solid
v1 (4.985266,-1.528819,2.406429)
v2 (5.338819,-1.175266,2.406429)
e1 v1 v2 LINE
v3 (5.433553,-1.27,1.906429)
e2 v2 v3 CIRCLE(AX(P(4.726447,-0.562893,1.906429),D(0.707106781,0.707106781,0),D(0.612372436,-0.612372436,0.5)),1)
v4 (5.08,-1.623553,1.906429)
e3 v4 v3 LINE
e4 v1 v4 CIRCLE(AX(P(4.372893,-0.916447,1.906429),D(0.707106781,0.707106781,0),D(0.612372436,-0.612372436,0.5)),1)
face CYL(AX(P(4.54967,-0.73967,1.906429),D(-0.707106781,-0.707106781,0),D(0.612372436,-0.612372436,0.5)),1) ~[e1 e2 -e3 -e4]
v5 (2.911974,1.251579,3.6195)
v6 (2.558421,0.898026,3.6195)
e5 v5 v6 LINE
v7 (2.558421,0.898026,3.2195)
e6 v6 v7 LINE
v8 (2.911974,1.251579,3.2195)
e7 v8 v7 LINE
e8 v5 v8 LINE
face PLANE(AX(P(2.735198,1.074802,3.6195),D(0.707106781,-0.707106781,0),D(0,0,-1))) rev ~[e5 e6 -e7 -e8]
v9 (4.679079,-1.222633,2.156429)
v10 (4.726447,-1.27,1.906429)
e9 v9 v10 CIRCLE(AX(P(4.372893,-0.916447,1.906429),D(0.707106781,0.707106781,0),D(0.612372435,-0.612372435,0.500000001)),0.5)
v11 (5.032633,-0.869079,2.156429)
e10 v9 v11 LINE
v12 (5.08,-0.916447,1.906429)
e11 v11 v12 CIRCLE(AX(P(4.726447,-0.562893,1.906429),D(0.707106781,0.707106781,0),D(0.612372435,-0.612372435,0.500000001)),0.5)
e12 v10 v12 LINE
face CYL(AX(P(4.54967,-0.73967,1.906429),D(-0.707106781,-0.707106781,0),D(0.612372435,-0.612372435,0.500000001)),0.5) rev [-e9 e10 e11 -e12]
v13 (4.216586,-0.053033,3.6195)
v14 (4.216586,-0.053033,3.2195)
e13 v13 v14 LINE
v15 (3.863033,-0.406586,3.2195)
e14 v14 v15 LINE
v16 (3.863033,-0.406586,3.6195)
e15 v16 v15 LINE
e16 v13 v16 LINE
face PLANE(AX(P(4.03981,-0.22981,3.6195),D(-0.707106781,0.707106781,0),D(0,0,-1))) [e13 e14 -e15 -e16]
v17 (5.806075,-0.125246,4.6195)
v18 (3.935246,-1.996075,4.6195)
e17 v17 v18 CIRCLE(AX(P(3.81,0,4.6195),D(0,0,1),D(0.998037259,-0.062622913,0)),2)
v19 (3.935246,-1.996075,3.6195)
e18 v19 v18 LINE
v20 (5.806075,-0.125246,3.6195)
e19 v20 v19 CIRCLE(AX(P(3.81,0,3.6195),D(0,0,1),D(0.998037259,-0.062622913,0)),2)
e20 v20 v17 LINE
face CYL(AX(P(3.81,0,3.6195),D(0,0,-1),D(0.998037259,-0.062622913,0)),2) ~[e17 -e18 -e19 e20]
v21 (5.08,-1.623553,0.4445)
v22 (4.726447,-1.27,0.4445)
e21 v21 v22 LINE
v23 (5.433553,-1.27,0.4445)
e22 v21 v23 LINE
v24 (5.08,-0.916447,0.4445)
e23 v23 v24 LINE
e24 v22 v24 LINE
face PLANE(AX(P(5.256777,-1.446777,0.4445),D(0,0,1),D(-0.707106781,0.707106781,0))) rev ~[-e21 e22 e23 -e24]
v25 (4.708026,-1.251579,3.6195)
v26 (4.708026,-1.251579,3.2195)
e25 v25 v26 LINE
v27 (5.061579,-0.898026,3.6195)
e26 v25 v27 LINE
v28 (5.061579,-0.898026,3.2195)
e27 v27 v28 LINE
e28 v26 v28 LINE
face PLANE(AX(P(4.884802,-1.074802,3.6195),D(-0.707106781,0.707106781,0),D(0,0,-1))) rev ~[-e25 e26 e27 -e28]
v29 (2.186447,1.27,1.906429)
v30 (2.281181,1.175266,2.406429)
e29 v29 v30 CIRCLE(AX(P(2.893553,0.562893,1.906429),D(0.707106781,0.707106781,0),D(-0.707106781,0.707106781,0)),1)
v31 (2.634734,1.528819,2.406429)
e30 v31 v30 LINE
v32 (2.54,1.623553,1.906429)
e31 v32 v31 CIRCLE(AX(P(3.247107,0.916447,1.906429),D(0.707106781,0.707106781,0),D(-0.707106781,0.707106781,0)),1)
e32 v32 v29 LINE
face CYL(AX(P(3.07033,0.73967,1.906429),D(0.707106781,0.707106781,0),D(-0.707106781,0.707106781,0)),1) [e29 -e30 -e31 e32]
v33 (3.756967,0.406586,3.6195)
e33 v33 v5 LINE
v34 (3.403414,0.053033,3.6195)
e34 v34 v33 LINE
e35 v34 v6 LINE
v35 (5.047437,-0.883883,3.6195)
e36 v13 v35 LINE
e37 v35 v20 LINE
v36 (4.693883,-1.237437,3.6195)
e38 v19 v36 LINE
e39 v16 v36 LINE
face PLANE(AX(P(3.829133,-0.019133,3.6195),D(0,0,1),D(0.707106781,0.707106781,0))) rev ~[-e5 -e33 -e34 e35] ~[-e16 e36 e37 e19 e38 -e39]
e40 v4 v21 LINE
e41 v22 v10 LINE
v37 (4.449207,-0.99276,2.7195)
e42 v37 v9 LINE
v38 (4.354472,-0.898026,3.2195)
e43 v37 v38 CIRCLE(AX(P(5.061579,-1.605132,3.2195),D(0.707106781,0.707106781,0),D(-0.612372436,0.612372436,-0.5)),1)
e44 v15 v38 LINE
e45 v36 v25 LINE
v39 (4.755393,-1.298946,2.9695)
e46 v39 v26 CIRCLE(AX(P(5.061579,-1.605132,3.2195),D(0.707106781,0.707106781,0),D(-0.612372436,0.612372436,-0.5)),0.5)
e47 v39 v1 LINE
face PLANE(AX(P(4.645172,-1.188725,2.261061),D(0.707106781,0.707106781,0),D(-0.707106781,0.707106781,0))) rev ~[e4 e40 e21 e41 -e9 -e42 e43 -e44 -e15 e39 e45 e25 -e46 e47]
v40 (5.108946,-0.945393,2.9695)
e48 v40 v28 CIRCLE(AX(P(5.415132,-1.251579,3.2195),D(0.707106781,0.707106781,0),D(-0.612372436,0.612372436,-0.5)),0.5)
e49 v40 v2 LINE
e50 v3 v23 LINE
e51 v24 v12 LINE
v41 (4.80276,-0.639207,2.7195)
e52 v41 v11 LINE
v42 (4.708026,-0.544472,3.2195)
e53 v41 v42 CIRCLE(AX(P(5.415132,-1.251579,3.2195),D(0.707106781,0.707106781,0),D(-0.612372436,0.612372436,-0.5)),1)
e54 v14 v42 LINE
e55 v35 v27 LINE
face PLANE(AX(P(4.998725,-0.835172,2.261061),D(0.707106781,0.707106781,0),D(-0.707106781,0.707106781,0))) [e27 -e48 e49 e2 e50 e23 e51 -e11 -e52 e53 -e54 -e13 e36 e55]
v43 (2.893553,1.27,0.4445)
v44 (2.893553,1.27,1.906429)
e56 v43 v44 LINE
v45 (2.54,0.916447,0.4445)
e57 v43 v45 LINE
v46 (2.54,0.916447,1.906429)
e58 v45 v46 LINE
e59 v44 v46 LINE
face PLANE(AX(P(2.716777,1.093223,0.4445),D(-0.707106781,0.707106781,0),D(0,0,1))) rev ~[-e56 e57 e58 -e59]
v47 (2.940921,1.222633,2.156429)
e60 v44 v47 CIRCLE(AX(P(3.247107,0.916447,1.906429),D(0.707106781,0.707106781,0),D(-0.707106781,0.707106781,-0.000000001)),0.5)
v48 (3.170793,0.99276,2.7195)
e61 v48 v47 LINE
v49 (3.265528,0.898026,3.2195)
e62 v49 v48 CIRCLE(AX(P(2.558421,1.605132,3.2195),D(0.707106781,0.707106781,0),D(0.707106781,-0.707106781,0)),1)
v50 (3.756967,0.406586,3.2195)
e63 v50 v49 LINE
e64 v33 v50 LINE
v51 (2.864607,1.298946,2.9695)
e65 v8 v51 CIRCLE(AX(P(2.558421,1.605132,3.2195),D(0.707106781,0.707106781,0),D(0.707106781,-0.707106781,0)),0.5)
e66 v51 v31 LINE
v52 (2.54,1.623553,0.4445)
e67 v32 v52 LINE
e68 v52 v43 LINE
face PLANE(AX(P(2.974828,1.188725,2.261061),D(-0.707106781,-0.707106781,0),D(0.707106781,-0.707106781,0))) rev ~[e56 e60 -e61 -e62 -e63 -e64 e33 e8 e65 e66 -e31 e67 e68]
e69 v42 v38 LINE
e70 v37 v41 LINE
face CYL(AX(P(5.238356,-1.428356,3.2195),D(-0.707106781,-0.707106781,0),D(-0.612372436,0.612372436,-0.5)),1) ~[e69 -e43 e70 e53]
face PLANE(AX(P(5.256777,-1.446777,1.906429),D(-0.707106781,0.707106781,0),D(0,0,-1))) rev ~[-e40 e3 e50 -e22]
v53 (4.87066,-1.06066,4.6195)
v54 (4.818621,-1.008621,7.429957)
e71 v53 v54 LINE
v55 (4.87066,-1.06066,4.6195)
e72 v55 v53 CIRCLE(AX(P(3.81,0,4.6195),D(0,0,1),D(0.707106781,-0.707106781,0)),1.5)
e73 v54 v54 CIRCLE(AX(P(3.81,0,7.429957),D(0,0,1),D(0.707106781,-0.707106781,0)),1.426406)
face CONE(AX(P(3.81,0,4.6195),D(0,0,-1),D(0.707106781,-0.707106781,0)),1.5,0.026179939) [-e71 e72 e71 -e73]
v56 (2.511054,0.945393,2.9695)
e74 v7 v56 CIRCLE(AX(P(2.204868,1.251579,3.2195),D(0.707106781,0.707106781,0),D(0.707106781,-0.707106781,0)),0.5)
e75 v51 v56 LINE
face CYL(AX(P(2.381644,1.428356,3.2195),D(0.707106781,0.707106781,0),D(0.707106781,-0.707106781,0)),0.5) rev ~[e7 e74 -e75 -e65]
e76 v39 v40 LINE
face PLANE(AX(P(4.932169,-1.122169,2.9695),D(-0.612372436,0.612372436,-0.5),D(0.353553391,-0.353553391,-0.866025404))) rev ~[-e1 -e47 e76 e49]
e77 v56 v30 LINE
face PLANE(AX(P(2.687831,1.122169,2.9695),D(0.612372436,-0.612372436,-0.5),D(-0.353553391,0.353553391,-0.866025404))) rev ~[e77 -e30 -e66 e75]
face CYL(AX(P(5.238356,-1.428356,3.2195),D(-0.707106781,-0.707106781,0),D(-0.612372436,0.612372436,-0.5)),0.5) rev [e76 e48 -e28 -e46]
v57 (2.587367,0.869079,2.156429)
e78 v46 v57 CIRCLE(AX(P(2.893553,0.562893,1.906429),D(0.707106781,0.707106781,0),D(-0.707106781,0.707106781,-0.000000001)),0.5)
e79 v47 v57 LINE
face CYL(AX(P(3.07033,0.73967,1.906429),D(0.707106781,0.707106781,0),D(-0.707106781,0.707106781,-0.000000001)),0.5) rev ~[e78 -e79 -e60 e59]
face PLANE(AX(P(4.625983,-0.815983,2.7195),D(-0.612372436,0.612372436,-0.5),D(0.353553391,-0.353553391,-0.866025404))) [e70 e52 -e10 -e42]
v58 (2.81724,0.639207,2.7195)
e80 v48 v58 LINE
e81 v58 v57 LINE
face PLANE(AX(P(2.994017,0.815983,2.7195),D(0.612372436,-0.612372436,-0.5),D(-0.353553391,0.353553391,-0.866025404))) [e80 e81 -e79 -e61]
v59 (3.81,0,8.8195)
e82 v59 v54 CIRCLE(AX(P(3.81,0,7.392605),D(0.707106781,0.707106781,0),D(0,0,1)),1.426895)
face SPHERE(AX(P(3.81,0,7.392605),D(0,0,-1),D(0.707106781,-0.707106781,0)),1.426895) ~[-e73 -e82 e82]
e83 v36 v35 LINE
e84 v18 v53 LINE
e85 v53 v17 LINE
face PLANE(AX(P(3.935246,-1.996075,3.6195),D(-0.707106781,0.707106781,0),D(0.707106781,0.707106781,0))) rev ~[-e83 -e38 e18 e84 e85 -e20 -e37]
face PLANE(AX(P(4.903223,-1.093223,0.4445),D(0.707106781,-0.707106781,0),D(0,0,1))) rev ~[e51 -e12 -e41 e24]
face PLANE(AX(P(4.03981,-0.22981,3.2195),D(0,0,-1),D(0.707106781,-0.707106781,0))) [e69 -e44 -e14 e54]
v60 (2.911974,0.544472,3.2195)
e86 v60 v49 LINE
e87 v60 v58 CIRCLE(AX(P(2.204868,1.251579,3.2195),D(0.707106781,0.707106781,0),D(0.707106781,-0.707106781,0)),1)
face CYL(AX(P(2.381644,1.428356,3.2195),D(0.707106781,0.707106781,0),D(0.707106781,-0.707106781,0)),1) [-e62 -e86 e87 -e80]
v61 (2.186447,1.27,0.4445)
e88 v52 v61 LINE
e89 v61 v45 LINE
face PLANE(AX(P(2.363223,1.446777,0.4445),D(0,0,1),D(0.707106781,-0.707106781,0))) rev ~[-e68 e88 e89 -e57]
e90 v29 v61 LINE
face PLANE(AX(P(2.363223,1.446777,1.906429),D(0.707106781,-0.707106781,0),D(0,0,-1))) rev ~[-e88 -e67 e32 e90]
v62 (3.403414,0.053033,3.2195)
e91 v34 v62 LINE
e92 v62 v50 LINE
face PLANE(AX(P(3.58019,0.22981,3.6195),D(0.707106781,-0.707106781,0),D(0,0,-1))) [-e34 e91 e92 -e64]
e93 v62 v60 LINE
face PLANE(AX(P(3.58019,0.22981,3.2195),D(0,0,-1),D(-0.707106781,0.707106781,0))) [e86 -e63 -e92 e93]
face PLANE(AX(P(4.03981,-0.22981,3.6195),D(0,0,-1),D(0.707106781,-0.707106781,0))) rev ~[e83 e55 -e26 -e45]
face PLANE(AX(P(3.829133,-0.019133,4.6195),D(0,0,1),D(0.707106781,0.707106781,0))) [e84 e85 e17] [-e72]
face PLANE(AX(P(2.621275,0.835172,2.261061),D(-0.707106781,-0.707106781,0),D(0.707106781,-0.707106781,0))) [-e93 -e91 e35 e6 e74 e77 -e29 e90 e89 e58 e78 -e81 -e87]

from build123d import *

# Parameters (mm, degrees)
PAD_DEPTH            = 1
PAD001_DEPTH         = 0.25
BODY_PLACEMENT_ANGLE = 45


with BuildPart() as part:
    # Sketch → Pad (new body)
    with BuildSketch(Plane.XY):
        with BuildLine():
            ThreePointArc((1.3228756555, -1.5), (0, 2), (-1.3228756555, -1.5))
            Line((-1.3228756555, -1.5), (1.3228756555, -1.5))
        make_face()
    extrude(amount=PAD_DEPTH)

    # Sketch001 → Revolution (revolve)
    with BuildSketch(Plane.YZ):
        with BuildLine():
            Line((0, 5.2), (0, 1))
            Line((0, 1), (-1.5, 1))
            Line((-1.5, 1), (-1.4264055883, 3.8104571954))
            ThreePointArc((0, 5.2), (-0.9956734038, 4.7951927894), (-1.4264055883, 3.8104571954))
        make_face()
    revolve(axis=Axis((0, 0, 0), (0, 0, 1)))

    # Sketch002 → Pad001 (join, symmetric)
    with BuildSketch(Plane.YZ):
        with BuildLine():
            Line((-0.325, 0), (-1.52, 0))
            Line((-1.52, 0), (-1.52, -0.4))
            ThreePointArc((-1.5869872981, -0.65), (-1.5370370869, -0.5294095226), (-1.52, -0.4))
            Line((-1.5869872981, -0.65), (-1.912076628, -1.2130712364))
            ThreePointArc((-1.912076628, -1.2130712364), (-2.0119770505, -1.4542521913), (-2.0460512242, -1.7130712364))
            Line((-2.0460512242, -1.7130712364), (-2.0460512242, -3.175))
            Line((-2.0460512242, -3.175), (-1.5460512242, -3.175))
            Line((-1.5460512242, -3.175), (-1.5460512242, -1.7130712364))
            ThreePointArc((-1.4790639261, -1.4630712364), (-1.5290141374, -1.5836617138), (-1.5460512242, -1.7130712364))
            Line((-1.1539745962, -0.9), (-1.4790639261, -1.4630712364))
            ThreePointArc((-1.1539745962, -0.9), (-1.0540741737, -0.6588190451), (-1.02, -0.4))
            Line((-0.325, -0.4), (-1.02, -0.4))
            Line((-0.325, 0), (-0.325, -0.4))
        make_face()
        with BuildLine():
            Line((0.325, 0), (1.52, 0))
            Line((1.52, 0), (1.52, -0.4))
            ThreePointArc((1.52, -0.4), (1.5370370869, -0.5294095226), (1.5869872981, -0.65))
            Line((1.5869872981, -0.65), (1.912076628, -1.2130712364))
            ThreePointArc((2.0460512242, -1.7130712364), (2.0119770505, -1.4542521913), (1.912076628, -1.2130712364))
            Line((2.0460512242, -1.7130712364), (2.0460512242, -3.175))
            Line((2.0460512242, -3.175), (1.5460512242, -3.175))
            Line((1.5460512242, -3.175), (1.5460512242, -1.7130712364))
            ThreePointArc((1.5460512242, -1.7130712364), (1.5290141374, -1.5836617138), (1.4790639261, -1.4630712364))
            Line((1.1539745962, -0.9), (1.4790639261, -1.4630712364))
            ThreePointArc((1.02, -0.4), (1.0540741737, -0.6588190451), (1.1539745962, -0.9))
            Line((0.325, -0.4), (1.02, -0.4))
            Line((0.325, 0), (0.325, -0.4))
        make_face()
    extrude(amount=PAD001_DEPTH, both=True)


with BuildPart() as part_1:
    # Body placement: moved
    add(part.part.moved(Location((-3.81, 0, 3.575))).rotate(Axis((-3.81, 0, 3.575), (0, 0, 1)), BODY_PLACEMENT_ANGLE))


with BuildPart() as part_2:
    # Clone008 placement: moved
    add(part_1.part.moved(Location((7.62, 0, 0.0445))))


solid = part_2.part
